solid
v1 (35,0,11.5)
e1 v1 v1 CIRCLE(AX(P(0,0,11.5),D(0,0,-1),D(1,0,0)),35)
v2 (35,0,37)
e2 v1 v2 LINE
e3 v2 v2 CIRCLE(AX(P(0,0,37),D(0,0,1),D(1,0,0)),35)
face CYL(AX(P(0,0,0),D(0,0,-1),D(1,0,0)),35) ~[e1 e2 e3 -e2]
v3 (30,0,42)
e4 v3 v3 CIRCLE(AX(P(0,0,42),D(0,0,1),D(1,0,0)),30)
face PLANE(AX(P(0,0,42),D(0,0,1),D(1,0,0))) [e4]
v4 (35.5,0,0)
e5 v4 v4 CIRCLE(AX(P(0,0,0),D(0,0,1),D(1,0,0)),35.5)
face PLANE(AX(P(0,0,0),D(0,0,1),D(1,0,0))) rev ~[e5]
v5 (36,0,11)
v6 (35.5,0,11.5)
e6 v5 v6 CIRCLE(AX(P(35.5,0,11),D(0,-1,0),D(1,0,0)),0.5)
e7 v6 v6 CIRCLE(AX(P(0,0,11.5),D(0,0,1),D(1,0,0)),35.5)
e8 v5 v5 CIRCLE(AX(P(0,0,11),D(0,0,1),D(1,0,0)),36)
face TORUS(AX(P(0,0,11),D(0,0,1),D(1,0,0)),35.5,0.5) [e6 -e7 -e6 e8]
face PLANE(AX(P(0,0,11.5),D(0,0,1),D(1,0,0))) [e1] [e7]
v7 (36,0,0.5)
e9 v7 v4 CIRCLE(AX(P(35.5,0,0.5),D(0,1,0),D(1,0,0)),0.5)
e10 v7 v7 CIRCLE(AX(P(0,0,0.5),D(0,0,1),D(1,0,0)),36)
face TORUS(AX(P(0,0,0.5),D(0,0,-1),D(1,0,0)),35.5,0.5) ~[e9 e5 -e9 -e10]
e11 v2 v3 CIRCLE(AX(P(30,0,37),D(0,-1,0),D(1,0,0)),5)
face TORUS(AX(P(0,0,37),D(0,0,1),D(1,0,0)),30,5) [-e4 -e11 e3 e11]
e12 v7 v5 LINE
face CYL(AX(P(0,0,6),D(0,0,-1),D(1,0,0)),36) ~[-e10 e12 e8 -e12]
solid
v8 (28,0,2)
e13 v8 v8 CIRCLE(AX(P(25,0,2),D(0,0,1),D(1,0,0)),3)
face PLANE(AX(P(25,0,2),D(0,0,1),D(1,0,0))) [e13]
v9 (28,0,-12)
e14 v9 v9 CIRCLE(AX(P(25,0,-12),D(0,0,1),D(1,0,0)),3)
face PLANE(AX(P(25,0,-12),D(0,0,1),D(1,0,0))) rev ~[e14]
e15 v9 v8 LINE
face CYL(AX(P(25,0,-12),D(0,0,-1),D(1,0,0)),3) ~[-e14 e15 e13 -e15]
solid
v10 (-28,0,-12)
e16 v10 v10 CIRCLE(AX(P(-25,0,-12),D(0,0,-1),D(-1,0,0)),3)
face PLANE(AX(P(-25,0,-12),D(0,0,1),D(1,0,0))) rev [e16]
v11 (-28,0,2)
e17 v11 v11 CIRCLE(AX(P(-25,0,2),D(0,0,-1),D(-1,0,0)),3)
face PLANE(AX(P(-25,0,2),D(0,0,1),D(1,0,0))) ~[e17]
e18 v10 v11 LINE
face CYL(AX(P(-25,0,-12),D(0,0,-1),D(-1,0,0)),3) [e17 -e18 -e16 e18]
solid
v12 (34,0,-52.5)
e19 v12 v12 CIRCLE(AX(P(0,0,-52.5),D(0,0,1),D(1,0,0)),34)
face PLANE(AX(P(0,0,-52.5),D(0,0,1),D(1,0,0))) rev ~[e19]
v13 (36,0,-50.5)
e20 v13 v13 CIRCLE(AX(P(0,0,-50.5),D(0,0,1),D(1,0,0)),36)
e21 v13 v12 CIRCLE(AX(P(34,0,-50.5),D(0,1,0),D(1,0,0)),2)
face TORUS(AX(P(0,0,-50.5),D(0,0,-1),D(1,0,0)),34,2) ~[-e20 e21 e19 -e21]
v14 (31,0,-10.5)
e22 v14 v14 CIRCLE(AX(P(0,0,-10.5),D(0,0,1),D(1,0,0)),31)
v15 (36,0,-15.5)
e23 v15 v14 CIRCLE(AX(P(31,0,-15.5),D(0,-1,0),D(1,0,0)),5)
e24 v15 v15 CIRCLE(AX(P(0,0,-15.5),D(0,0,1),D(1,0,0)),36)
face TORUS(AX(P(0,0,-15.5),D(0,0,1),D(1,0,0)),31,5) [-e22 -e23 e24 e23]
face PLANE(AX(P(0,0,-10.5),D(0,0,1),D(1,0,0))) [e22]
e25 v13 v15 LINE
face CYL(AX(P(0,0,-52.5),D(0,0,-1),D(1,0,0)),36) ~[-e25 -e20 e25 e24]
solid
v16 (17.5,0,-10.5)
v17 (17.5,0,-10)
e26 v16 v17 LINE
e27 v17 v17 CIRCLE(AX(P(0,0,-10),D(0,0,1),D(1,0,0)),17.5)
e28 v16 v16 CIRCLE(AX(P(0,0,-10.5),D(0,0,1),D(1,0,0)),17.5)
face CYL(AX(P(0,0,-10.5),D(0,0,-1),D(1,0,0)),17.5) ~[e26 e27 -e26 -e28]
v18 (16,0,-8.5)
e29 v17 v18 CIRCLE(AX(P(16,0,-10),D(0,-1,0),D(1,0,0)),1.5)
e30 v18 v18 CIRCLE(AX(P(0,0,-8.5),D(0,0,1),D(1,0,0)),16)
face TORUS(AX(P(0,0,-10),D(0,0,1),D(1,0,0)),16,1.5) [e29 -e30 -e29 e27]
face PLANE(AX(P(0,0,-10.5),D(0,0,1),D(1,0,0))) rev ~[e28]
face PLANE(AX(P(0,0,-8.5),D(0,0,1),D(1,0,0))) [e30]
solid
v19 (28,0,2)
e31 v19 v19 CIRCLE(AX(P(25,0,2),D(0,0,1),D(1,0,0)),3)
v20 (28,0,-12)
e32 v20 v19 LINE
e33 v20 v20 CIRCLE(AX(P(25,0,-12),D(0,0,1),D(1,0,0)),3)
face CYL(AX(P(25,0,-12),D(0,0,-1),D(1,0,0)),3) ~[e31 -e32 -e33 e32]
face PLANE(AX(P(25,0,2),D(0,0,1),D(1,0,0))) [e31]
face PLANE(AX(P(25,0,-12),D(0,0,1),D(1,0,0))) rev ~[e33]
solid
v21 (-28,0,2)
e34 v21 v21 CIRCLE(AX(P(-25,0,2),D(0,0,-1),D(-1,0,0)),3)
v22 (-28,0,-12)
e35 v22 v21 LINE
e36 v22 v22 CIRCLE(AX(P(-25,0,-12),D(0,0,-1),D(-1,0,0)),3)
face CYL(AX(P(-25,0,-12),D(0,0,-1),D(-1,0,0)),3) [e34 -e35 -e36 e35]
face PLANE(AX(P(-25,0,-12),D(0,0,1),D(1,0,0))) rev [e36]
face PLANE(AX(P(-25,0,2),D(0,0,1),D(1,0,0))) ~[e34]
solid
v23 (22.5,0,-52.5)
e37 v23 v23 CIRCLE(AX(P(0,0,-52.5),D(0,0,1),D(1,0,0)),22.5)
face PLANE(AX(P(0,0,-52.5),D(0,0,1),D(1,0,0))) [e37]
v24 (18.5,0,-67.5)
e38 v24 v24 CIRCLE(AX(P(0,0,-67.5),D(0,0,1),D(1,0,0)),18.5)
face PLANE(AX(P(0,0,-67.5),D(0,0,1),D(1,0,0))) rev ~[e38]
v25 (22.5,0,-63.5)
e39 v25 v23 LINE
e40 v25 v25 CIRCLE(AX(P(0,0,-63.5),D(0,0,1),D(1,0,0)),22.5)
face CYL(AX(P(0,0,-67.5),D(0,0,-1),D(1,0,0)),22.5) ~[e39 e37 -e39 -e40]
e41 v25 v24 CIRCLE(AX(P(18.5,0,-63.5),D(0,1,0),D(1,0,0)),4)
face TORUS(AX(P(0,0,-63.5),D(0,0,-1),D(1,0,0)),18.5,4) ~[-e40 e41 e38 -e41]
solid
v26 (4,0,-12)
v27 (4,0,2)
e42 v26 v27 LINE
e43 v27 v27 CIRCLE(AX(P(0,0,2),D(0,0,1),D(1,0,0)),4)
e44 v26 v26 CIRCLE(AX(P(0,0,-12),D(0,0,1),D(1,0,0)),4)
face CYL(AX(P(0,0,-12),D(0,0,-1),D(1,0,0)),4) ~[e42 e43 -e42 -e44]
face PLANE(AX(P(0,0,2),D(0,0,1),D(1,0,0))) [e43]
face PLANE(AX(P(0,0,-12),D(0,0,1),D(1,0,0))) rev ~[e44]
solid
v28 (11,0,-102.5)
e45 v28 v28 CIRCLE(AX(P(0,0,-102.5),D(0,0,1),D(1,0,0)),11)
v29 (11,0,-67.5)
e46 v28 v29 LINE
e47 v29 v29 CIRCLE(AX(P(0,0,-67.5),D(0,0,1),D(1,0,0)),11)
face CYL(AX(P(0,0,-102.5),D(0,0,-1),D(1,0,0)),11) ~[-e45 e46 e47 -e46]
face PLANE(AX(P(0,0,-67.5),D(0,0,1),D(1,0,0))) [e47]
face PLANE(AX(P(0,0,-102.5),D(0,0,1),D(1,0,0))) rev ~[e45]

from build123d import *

# Parameters (mm, degrees)
CYLINDER003_R             = 11
CYLINDER003_DEPTH         = 35
CYLINDER007_R             = 3
CYLINDER007_DEPTH         = 14
CYLINDER006_R             = 3
CYLINDER006_DEPTH         = 14
FUSION001_PLACEMENT_ANGLE = 90
CYLINDER005_R             = 3
CYLINDER005_DEPTH         = 14
CYLINDER004_R             = 3
CYLINDER004_DEPTH         = 14
CYLINDER008_R             = 4
CYLINDER008_DEPTH         = 14
CYLINDER015_R             = 36
CYLINDER015_DEPTH         = 5.5
CYLINDER014_R             = 36
CYLINDER014_DEPTH         = 6
CYLINDER012_R             = 8.5
CYLINDER012_DEPTH         = 2
CYLINDER011_R             = 8.5
CYLINDER011_DEPTH         = 2
FUSION004_PLACEMENT_ANGLE = 90
CYLINDER010_R             = 8.5
CYLINDER010_DEPTH         = 2
CYLINDER009_R             = 8.5
CYLINDER009_DEPTH         = 2
FUSION005_PLACEMENT_ANGLE = 45
CYLINDER_R                = 35
CYLINDER_DEPTH            = 42
FILLET_R                  = 5
FILLET001_R               = 0.5
CYLINDER001_R             = 36
CYLINDER001_DEPTH         = 42
FILLET002_1_R             = 5
FILLET002_2_R             = 2
CYLINDER013_R             = 17.5
CYLINDER013_DEPTH         = 2
FILLET003_R               = 1.5
CYLINDER002_R             = 22.5
CYLINDER002_DEPTH         = 15
FILLET004_R               = 4


with BuildPart() as mount:
    # Cylinder003 → Cylinder003 (new body)
    with BuildSketch(Plane.XY.offset(-102.5)):
        Circle(CYLINDER003_R)
    extrude(amount=CYLINDER003_DEPTH)


with BuildPart() as cylinder007:
    # Cylinder007 → Cylinder007 (new body)
    with BuildSketch(Plane(origin=(25, 0, -12), x_dir=(1, 0, 0), z_dir=(0, 0, 1))):
        Circle(CYLINDER007_R)
    extrude(amount=CYLINDER007_DEPTH)


with BuildPart() as part_mirroring001:
    # Part__Mirroring001: instance of Cylinder007
    add(cylinder007.part.mirror(Plane(origin=(0, 0, 0), x_dir=(0, -1, 0), z_dir=(1, 0, 0))))


with BuildPart() as f_2cyl001:
    # Cylinder006 → Cylinder006 (new body)
    with BuildSketch(Plane(origin=(25, 0, -12), x_dir=(1, 0, 0), z_dir=(0, 0, 1))):
        Circle(CYLINDER006_R)
    extrude(amount=CYLINDER006_DEPTH)

    # Fusion001: union Part__Mirroring001
    add(part_mirroring001.part)


with BuildPart() as f_2cyl001_1:
    # Fusion001 placement: moved
    add(f_2cyl001.part.rotate(Axis((0, 0, 0), (0, 0, 1)), FUSION001_PLACEMENT_ANGLE))


with BuildPart() as cylinder2:
    # Cylinder005 → Cylinder005 (new body)
    with BuildSketch(Plane(origin=(25, 0, -12), x_dir=(1, 0, 0), z_dir=(0, 0, 1))):
        Circle(CYLINDER005_R)
    extrude(amount=CYLINDER005_DEPTH)


with BuildPart() as part_mirroring:
    # Part__Mirroring: instance of Cylinder2
    add(cylinder2.part.mirror(Plane(origin=(0, 0, 0), x_dir=(0, -1, 0), z_dir=(1, 0, 0))))


with BuildPart() as fusion002:
    # Cylinder004 → Cylinder004 (new body)
    with BuildSketch(Plane(origin=(25, 0, -12), x_dir=(1, 0, 0), z_dir=(0, 0, 1))):
        Circle(CYLINDER004_R)
    extrude(amount=CYLINDER004_DEPTH)

    # Fusion: union Part__Mirroring
    add(part_mirroring.part)

    # Fusion002: union 2cyl001
    add(f_2cyl001_1.part)


with BuildPart() as middlecyl:
    # Cylinder008 → Cylinder008 (new body)
    with BuildSketch(Plane.XY.offset(-12)):
        Circle(CYLINDER008_R)
    extrude(amount=CYLINDER008_DEPTH)


with BuildPart() as outer_top:
    # Cylinder015 → Cylinder015 (new body)
    with BuildSketch(Plane.XY.offset(6)):
        Circle(CYLINDER015_R)
    extrude(amount=CYLINDER015_DEPTH)


with BuildPart() as outer:
    # Cylinder014 → Cylinder014 (new body)
    with BuildSketch(Plane.XY):
        Circle(CYLINDER014_R)
    extrude(amount=CYLINDER014_DEPTH)

    # Fusion006: union outer_top
    add(outer_top.part)


with BuildPart() as cylinder012:
    # Cylinder012 → Cylinder012 (new body)
    with BuildSketch(Plane(origin=(20, 0, -12), x_dir=(1, 0, 0), z_dir=(0, 0, 1))):
        Circle(CYLINDER012_R)
    extrude(amount=CYLINDER012_DEPTH)


with BuildPart() as part_mirroring003:
    # Part__Mirroring003: instance of Cylinder012
    add(cylinder012.part.mirror(Plane(origin=(0, 0, 0), x_dir=(0, -1, 0), z_dir=(1, 0, 0))))


with BuildPart() as f_2cyl003:
    # Cylinder011 → Cylinder011 (new body)
    with BuildSketch(Plane(origin=(20, 0, -12), x_dir=(1, 0, 0), z_dir=(0, 0, 1))):
        Circle(CYLINDER011_R)
    extrude(amount=CYLINDER011_DEPTH)

    # Fusion004: union Part__Mirroring003
    add(part_mirroring003.part)


with BuildPart() as f_2cyl003_1:
    # Fusion004 placement: moved
    add(f_2cyl003.part.rotate(Axis((0, 0, 0), (0, 0, 1)), FUSION004_PLACEMENT_ANGLE))


with BuildPart() as cylinder010:
    # Cylinder010 → Cylinder010 (new body)
    with BuildSketch(Plane(origin=(20, 0, -12), x_dir=(1, 0, 0), z_dir=(0, 0, 1))):
        Circle(CYLINDER010_R)
    extrude(amount=CYLINDER010_DEPTH)


with BuildPart() as part_mirroring002:
    # Part__Mirroring002: instance of Cylinder010
    add(cylinder010.part.mirror(Plane(origin=(0, 0, 0), x_dir=(0, -1, 0), z_dir=(1, 0, 0))))


with BuildPart() as inside_holes:
    # Cylinder009 → Cylinder009 (new body)
    with BuildSketch(Plane(origin=(20, 0, -12), x_dir=(1, 0, 0), z_dir=(0, 0, 1))):
        Circle(CYLINDER009_R)
    extrude(amount=CYLINDER009_DEPTH)

    # Fusion003: union Part__Mirroring002
    add(part_mirroring002.part)

    # Fusion005: union 2cyl003
    add(f_2cyl003_1.part)


with BuildPart() as inside_holes_1:
    # Fusion005 placement: moved
    add(inside_holes.part.moved(Location((0, 0, 12))).rotate(Axis((0, 0, 12), (0, 0, 1)), FUSION005_PLACEMENT_ANGLE))


with BuildPart() as upper001:
    # Cylinder → Cylinder (new body)
    with BuildSketch(Plane.XY):
        Circle(CYLINDER_R)
    extrude(amount=CYLINDER_DEPTH)

    # Cut: cut inside_holes
    add(inside_holes_1.part, mode=Mode.SUBTRACT)

    # Fillet
    fillet_edges = [upper001.edges().sort_by_distance(p)[0] for p in [
        (-35, 0, 42),
    ]]
    fillet(fillet_edges, radius=FILLET_R)

    # Fusion007: union Outer
    add(outer.part)

    # Fillet001
    fillet001_edges = [upper001.edges().sort_by_distance(p)[0] for p in [
        (-36, 0, 0),
        (-36, 0, 11.5),
    ]]
    fillet(fillet001_edges, radius=FILLET001_R)


with BuildPart() as bottom:
    # Cylinder001 → Cylinder001 (new body)
    with BuildSketch(Plane.XY.offset(-52.5)):
        Circle(CYLINDER001_R)
    extrude(amount=CYLINDER001_DEPTH)

    # Fillet002 1
    fillet002_1_edges = [bottom.edges().sort_by_distance(p)[0] for p in [
        (-36, 0, -10.5),
    ]]
    fillet(fillet002_1_edges, radius=FILLET002_1_R)

    # Fillet002 2
    fillet002_2_edges = [bottom.edges().sort_by_distance(p)[0] for p in [
        (-36, 0, -52.5),
    ]]
    fillet(fillet002_2_edges, radius=FILLET002_2_R)


with BuildPart() as mid:
    # Cylinder013 → Cylinder013 (new body)
    with BuildSketch(Plane.XY.offset(-10.5)):
        Circle(CYLINDER013_R)
    extrude(amount=CYLINDER013_DEPTH)

    # Fillet003
    fillet003_edges = [mid.edges().sort_by_distance(p)[0] for p in [
        (-17.5, 0, -8.5),
    ]]
    fillet(fillet003_edges, radius=FILLET003_R)


with BuildPart() as cap001:
    # Cylinder002 → Cylinder002 (new body)
    with BuildSketch(Plane.XY.offset(-67.5)):
        Circle(CYLINDER002_R)
    extrude(amount=CYLINDER002_DEPTH)

    # Fillet004
    fillet004_edges = [cap001.edges().sort_by_distance(p)[0] for p in [
        (-22.5, 0, -67.5),
    ]]
    fillet(fillet004_edges, radius=FILLET004_R)


solid = Compound([mount.part, fusion002.part, middlecyl.part, upper001.part, bottom.part, mid.part, cap001.part])
